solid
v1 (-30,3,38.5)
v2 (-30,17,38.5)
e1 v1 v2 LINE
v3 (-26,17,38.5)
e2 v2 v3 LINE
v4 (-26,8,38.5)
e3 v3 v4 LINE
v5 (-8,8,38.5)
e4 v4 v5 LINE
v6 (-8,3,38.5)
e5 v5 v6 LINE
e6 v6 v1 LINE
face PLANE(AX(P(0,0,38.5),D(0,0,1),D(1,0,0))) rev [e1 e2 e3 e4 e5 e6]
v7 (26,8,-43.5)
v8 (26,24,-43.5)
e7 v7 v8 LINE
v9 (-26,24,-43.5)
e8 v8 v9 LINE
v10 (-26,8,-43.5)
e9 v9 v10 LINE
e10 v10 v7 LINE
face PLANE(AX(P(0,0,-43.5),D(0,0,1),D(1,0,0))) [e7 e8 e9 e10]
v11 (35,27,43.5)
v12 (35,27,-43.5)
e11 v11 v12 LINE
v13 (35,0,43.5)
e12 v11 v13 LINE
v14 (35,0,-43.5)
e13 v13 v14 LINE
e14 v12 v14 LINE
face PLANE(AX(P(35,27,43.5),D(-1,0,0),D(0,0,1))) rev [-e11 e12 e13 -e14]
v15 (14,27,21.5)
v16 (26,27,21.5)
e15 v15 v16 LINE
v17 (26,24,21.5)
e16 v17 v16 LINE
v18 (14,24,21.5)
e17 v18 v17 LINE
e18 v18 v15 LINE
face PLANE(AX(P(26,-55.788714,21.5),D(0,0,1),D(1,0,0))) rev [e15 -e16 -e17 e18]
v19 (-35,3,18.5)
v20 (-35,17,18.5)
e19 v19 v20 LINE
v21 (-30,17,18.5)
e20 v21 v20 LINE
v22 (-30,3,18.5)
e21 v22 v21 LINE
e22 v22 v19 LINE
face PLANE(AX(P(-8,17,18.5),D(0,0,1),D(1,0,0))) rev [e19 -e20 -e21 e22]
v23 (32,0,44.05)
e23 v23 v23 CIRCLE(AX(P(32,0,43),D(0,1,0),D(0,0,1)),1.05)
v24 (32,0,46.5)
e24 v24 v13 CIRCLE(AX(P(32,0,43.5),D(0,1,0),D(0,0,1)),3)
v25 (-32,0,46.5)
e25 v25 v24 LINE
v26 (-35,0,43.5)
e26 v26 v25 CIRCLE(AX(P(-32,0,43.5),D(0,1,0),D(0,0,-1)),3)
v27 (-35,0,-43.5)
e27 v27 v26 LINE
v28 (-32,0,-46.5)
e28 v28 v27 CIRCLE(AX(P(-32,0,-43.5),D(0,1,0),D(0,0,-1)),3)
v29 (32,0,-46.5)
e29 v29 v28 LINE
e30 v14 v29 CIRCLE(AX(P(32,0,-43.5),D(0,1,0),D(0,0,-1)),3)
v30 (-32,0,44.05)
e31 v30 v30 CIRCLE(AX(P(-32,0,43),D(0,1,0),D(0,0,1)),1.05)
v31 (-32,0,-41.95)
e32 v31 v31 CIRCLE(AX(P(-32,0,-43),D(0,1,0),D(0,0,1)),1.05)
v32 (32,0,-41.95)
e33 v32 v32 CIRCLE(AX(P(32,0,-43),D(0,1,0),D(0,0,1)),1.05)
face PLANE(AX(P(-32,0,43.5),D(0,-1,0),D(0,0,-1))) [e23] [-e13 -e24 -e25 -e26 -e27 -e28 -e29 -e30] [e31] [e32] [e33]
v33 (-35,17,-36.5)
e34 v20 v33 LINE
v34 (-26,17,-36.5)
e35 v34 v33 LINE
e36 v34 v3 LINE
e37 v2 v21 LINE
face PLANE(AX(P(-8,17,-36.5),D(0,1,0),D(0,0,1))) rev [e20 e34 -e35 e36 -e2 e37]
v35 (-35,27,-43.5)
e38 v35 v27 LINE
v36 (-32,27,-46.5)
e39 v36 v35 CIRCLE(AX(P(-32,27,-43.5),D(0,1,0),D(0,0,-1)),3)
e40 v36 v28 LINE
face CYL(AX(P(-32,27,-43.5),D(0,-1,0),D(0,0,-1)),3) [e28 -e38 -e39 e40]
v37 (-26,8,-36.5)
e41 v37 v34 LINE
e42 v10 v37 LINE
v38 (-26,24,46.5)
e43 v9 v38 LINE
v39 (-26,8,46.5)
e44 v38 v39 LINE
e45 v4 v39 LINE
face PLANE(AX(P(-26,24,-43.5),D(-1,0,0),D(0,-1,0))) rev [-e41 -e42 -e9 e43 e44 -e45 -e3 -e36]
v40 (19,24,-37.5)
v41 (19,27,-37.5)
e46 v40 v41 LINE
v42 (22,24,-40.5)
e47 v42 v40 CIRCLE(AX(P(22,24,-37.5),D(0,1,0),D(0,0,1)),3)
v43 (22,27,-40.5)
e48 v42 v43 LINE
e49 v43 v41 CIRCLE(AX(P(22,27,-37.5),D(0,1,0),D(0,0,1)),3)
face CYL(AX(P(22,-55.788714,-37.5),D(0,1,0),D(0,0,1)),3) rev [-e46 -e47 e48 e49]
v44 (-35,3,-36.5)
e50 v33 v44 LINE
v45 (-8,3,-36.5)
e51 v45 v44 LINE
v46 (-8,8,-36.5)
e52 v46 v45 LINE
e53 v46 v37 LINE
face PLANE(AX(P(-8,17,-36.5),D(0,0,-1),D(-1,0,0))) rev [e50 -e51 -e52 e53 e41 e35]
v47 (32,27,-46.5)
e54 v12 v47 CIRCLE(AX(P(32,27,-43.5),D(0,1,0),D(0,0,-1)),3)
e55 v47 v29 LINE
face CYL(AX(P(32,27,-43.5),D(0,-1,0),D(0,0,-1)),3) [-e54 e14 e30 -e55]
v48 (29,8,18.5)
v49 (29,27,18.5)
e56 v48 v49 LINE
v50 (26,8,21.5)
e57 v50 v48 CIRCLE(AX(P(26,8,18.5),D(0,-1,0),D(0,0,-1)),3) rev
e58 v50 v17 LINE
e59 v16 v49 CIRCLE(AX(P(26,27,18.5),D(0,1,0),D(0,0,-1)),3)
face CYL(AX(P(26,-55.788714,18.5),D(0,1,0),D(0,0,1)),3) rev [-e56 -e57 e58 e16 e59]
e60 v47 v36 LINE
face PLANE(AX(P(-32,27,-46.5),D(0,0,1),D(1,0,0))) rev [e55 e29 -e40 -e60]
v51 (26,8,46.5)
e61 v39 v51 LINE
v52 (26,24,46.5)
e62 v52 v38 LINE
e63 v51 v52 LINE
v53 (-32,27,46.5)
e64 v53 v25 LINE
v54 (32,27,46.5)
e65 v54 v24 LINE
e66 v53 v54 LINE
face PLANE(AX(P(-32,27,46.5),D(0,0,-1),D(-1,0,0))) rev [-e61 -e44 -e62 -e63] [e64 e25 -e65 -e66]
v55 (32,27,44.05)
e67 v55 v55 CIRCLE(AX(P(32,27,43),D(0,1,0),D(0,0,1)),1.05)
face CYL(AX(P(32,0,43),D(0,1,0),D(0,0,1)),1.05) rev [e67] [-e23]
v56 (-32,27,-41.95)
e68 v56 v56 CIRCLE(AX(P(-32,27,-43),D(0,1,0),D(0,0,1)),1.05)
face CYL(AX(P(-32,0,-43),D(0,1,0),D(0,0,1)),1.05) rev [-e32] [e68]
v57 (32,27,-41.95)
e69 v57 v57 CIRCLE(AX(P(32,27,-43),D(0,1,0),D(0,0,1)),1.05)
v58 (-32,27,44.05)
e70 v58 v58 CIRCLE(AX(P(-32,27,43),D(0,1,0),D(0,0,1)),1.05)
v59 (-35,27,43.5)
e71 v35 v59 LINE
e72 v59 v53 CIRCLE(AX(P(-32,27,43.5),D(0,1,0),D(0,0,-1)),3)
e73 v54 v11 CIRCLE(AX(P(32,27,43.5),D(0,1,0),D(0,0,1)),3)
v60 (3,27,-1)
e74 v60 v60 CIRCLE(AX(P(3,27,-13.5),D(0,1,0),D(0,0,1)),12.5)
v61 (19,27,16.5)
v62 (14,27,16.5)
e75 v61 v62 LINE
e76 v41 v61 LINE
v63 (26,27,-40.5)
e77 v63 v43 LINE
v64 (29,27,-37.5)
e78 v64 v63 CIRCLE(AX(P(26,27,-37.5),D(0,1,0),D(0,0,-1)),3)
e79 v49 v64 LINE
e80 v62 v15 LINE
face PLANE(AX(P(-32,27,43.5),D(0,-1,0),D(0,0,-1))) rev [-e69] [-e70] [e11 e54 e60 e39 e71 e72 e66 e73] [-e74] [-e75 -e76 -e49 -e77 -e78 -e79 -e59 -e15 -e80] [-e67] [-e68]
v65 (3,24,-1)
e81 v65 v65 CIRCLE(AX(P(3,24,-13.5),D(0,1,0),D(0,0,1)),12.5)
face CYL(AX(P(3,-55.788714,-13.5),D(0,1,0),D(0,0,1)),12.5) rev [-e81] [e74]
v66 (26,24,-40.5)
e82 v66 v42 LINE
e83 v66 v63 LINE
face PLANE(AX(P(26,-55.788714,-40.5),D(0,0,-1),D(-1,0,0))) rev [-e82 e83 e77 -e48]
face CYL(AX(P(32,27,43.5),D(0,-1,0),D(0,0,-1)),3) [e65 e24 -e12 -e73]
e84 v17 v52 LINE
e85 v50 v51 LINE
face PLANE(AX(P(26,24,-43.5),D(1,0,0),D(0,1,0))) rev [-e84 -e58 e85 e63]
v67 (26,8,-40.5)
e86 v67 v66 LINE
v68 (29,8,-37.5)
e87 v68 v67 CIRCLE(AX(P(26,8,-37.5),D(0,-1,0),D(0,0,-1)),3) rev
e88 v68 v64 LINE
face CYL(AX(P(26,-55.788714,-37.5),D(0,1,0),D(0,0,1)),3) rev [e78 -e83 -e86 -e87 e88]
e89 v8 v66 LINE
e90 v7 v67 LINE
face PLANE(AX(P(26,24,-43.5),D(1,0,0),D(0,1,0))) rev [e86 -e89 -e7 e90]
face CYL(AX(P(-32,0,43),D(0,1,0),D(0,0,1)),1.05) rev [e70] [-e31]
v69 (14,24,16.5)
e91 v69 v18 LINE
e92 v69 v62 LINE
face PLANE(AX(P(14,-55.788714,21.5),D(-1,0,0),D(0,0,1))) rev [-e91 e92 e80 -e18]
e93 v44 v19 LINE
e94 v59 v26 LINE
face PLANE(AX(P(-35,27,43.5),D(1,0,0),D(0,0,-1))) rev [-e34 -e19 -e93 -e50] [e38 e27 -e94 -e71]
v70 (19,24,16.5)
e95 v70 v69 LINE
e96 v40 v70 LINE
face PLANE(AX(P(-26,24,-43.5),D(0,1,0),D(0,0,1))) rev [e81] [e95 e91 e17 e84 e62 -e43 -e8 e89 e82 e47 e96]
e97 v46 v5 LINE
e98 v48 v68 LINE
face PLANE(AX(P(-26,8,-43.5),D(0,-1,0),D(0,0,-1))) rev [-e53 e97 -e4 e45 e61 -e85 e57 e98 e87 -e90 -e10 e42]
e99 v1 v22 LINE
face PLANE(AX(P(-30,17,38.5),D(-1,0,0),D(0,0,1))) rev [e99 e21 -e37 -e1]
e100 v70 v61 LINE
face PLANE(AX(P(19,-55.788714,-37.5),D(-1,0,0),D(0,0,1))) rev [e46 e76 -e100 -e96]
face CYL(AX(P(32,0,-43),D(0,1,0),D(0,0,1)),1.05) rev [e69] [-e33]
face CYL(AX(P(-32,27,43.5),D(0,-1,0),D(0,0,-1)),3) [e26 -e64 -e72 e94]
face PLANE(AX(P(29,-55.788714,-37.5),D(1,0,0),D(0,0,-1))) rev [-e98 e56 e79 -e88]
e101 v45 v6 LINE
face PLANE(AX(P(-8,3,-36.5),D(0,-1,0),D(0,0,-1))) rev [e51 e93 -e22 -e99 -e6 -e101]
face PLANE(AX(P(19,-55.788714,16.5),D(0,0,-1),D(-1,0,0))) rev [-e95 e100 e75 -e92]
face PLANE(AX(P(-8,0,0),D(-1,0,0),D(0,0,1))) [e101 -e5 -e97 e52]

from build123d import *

# Parameters (mm, degrees)
EXTRUDE_1_DEPTH     = 27
SKETCH_2_W          = 55
SKETCH_2_H          = 14
CUT_EXTRUDE_1_DEPTH = 27
SKETCH_3_W          = 52
SKETCH_3_H          = 16
CUT_EXTRUDE_2_DEPTH = 90
CUT_EXTRUDE_START   = -19
SKETCH_4_R          = 12.5
CUT_EXTRUDE_3_DEPTH = 19
CUT_EXTRUDE_4_DEPTH = 20
SKETCH_6_R          = 1.05
CUT_EXTRUDE_5_DEPTH = 65.158008074


with BuildPart() as part:
    # 草图1 → 凸台-拉伸1 (new body)
    with BuildSketch(Plane(origin=(0, 0, 0), x_dir=(1, 0, 0), z_dir=(0, 1, 0))):
        with BuildLine():
            Line((-32, -46.5), (32, -46.5))
            ThreePointArc((32, -46.5), (34.121320344, -45.621320344), (35, -43.5))
            Line((35, -43.5), (35, 43.5))
            ThreePointArc((35, 43.5), (34.121320344, 45.621320344), (32, 46.5))
            Line((32, 46.5), (-32, 46.5))
            ThreePointArc((-32, 46.5), (-34.121320344, 45.621320344), (-35, 43.5))
            Line((-35, 43.5), (-35, -43.5))
            ThreePointArc((-35, -43.5), (-34.121320344, -45.621320344), (-32, -46.5))
        make_face()
    extrude(amount=EXTRUDE_1_DEPTH)

    # 草图2 → 切除-拉伸1 (cut)
    with BuildSketch(Plane.ZY.offset(35)):
        with Locations((-9, 10)):
            Rectangle(SKETCH_2_W, SKETCH_2_H)
    extrude(amount=-CUT_EXTRUDE_1_DEPTH, mode=Mode.SUBTRACT)

    # 草图3 → 切除-拉伸2 (cut)
    with BuildSketch(Plane.XY.offset(46.5)):
        with Locations((0, 16)):
            Rectangle(SKETCH_3_W, SKETCH_3_H)
    extrude(amount=-CUT_EXTRUDE_2_DEPTH, mode=Mode.SUBTRACT)

    # 草图4 → 切除-拉伸3 (cut)
    with BuildSketch(Plane(origin=(0, 27, 0), x_dir=(1, 0, 0), z_dir=(0, 1, 0)).offset(CUT_EXTRUDE_START)):
        with Locations(Location((3, 13.5, 0), (0, 0, 270))):
            Circle(SKETCH_4_R)
        with BuildLine():
            Line((26, 40.5), (22, 40.5))
            ThreePointArc((22, 40.5), (19.878679656, 39.621320344), (19, 37.5))
            Line((19, 37.5), (19, -16.5))
            Line((19, -16.5), (14, -16.5))
            Line((14, -16.5), (14, -21.5))
            Line((14, -21.5), (19, -21.5))
            Line((19, -21.5), (26, -21.5))
            ThreePointArc((26, -21.5), (28.121320344, -20.621320344), (29, -18.5))
            Line((29, -18.5), (29, 37.5))
            ThreePointArc((29, 37.5), (28.121320344, 39.621320344), (26, 40.5))
        make_face()
    extrude(amount=CUT_EXTRUDE_3_DEPTH, mode=Mode.SUBTRACT)

    # 草图5 → 切除-拉伸4 (cut)
    with BuildSketch(Plane(origin=(0, 0, 18.5), x_dir=(-1, 0, 0), z_dir=(0, 0, -1))):
        Polygon((26, 17), (30, 17), (30, 3), (8, 3), (8, 8), (26, 8), align=None)
    extrude(amount=-CUT_EXTRUDE_4_DEPTH, mode=Mode.SUBTRACT)

    # 草图6 → 切除-拉伸5 (cut, through all)
    with BuildSketch(Plane(origin=(0, 27, 0), x_dir=(1, 0, 0), z_dir=(0, 1, 0))):
        with Locations(Location((-32, 43, 0), (0, 0, 270))):
            Circle(SKETCH_6_R)
        with Locations(Location((-32, -43, 0), (0, 0, 270))):
            Circle(SKETCH_6_R)
        with Locations(Location((32, -43, 0), (0, 0, 270))):
            Circle(SKETCH_6_R)
        with Locations(Location((32, 43, 0), (0, 0, 270))):
            Circle(SKETCH_6_R)
    extrude(amount=-CUT_EXTRUDE_5_DEPTH, mode=Mode.SUBTRACT)


solid = part.part
